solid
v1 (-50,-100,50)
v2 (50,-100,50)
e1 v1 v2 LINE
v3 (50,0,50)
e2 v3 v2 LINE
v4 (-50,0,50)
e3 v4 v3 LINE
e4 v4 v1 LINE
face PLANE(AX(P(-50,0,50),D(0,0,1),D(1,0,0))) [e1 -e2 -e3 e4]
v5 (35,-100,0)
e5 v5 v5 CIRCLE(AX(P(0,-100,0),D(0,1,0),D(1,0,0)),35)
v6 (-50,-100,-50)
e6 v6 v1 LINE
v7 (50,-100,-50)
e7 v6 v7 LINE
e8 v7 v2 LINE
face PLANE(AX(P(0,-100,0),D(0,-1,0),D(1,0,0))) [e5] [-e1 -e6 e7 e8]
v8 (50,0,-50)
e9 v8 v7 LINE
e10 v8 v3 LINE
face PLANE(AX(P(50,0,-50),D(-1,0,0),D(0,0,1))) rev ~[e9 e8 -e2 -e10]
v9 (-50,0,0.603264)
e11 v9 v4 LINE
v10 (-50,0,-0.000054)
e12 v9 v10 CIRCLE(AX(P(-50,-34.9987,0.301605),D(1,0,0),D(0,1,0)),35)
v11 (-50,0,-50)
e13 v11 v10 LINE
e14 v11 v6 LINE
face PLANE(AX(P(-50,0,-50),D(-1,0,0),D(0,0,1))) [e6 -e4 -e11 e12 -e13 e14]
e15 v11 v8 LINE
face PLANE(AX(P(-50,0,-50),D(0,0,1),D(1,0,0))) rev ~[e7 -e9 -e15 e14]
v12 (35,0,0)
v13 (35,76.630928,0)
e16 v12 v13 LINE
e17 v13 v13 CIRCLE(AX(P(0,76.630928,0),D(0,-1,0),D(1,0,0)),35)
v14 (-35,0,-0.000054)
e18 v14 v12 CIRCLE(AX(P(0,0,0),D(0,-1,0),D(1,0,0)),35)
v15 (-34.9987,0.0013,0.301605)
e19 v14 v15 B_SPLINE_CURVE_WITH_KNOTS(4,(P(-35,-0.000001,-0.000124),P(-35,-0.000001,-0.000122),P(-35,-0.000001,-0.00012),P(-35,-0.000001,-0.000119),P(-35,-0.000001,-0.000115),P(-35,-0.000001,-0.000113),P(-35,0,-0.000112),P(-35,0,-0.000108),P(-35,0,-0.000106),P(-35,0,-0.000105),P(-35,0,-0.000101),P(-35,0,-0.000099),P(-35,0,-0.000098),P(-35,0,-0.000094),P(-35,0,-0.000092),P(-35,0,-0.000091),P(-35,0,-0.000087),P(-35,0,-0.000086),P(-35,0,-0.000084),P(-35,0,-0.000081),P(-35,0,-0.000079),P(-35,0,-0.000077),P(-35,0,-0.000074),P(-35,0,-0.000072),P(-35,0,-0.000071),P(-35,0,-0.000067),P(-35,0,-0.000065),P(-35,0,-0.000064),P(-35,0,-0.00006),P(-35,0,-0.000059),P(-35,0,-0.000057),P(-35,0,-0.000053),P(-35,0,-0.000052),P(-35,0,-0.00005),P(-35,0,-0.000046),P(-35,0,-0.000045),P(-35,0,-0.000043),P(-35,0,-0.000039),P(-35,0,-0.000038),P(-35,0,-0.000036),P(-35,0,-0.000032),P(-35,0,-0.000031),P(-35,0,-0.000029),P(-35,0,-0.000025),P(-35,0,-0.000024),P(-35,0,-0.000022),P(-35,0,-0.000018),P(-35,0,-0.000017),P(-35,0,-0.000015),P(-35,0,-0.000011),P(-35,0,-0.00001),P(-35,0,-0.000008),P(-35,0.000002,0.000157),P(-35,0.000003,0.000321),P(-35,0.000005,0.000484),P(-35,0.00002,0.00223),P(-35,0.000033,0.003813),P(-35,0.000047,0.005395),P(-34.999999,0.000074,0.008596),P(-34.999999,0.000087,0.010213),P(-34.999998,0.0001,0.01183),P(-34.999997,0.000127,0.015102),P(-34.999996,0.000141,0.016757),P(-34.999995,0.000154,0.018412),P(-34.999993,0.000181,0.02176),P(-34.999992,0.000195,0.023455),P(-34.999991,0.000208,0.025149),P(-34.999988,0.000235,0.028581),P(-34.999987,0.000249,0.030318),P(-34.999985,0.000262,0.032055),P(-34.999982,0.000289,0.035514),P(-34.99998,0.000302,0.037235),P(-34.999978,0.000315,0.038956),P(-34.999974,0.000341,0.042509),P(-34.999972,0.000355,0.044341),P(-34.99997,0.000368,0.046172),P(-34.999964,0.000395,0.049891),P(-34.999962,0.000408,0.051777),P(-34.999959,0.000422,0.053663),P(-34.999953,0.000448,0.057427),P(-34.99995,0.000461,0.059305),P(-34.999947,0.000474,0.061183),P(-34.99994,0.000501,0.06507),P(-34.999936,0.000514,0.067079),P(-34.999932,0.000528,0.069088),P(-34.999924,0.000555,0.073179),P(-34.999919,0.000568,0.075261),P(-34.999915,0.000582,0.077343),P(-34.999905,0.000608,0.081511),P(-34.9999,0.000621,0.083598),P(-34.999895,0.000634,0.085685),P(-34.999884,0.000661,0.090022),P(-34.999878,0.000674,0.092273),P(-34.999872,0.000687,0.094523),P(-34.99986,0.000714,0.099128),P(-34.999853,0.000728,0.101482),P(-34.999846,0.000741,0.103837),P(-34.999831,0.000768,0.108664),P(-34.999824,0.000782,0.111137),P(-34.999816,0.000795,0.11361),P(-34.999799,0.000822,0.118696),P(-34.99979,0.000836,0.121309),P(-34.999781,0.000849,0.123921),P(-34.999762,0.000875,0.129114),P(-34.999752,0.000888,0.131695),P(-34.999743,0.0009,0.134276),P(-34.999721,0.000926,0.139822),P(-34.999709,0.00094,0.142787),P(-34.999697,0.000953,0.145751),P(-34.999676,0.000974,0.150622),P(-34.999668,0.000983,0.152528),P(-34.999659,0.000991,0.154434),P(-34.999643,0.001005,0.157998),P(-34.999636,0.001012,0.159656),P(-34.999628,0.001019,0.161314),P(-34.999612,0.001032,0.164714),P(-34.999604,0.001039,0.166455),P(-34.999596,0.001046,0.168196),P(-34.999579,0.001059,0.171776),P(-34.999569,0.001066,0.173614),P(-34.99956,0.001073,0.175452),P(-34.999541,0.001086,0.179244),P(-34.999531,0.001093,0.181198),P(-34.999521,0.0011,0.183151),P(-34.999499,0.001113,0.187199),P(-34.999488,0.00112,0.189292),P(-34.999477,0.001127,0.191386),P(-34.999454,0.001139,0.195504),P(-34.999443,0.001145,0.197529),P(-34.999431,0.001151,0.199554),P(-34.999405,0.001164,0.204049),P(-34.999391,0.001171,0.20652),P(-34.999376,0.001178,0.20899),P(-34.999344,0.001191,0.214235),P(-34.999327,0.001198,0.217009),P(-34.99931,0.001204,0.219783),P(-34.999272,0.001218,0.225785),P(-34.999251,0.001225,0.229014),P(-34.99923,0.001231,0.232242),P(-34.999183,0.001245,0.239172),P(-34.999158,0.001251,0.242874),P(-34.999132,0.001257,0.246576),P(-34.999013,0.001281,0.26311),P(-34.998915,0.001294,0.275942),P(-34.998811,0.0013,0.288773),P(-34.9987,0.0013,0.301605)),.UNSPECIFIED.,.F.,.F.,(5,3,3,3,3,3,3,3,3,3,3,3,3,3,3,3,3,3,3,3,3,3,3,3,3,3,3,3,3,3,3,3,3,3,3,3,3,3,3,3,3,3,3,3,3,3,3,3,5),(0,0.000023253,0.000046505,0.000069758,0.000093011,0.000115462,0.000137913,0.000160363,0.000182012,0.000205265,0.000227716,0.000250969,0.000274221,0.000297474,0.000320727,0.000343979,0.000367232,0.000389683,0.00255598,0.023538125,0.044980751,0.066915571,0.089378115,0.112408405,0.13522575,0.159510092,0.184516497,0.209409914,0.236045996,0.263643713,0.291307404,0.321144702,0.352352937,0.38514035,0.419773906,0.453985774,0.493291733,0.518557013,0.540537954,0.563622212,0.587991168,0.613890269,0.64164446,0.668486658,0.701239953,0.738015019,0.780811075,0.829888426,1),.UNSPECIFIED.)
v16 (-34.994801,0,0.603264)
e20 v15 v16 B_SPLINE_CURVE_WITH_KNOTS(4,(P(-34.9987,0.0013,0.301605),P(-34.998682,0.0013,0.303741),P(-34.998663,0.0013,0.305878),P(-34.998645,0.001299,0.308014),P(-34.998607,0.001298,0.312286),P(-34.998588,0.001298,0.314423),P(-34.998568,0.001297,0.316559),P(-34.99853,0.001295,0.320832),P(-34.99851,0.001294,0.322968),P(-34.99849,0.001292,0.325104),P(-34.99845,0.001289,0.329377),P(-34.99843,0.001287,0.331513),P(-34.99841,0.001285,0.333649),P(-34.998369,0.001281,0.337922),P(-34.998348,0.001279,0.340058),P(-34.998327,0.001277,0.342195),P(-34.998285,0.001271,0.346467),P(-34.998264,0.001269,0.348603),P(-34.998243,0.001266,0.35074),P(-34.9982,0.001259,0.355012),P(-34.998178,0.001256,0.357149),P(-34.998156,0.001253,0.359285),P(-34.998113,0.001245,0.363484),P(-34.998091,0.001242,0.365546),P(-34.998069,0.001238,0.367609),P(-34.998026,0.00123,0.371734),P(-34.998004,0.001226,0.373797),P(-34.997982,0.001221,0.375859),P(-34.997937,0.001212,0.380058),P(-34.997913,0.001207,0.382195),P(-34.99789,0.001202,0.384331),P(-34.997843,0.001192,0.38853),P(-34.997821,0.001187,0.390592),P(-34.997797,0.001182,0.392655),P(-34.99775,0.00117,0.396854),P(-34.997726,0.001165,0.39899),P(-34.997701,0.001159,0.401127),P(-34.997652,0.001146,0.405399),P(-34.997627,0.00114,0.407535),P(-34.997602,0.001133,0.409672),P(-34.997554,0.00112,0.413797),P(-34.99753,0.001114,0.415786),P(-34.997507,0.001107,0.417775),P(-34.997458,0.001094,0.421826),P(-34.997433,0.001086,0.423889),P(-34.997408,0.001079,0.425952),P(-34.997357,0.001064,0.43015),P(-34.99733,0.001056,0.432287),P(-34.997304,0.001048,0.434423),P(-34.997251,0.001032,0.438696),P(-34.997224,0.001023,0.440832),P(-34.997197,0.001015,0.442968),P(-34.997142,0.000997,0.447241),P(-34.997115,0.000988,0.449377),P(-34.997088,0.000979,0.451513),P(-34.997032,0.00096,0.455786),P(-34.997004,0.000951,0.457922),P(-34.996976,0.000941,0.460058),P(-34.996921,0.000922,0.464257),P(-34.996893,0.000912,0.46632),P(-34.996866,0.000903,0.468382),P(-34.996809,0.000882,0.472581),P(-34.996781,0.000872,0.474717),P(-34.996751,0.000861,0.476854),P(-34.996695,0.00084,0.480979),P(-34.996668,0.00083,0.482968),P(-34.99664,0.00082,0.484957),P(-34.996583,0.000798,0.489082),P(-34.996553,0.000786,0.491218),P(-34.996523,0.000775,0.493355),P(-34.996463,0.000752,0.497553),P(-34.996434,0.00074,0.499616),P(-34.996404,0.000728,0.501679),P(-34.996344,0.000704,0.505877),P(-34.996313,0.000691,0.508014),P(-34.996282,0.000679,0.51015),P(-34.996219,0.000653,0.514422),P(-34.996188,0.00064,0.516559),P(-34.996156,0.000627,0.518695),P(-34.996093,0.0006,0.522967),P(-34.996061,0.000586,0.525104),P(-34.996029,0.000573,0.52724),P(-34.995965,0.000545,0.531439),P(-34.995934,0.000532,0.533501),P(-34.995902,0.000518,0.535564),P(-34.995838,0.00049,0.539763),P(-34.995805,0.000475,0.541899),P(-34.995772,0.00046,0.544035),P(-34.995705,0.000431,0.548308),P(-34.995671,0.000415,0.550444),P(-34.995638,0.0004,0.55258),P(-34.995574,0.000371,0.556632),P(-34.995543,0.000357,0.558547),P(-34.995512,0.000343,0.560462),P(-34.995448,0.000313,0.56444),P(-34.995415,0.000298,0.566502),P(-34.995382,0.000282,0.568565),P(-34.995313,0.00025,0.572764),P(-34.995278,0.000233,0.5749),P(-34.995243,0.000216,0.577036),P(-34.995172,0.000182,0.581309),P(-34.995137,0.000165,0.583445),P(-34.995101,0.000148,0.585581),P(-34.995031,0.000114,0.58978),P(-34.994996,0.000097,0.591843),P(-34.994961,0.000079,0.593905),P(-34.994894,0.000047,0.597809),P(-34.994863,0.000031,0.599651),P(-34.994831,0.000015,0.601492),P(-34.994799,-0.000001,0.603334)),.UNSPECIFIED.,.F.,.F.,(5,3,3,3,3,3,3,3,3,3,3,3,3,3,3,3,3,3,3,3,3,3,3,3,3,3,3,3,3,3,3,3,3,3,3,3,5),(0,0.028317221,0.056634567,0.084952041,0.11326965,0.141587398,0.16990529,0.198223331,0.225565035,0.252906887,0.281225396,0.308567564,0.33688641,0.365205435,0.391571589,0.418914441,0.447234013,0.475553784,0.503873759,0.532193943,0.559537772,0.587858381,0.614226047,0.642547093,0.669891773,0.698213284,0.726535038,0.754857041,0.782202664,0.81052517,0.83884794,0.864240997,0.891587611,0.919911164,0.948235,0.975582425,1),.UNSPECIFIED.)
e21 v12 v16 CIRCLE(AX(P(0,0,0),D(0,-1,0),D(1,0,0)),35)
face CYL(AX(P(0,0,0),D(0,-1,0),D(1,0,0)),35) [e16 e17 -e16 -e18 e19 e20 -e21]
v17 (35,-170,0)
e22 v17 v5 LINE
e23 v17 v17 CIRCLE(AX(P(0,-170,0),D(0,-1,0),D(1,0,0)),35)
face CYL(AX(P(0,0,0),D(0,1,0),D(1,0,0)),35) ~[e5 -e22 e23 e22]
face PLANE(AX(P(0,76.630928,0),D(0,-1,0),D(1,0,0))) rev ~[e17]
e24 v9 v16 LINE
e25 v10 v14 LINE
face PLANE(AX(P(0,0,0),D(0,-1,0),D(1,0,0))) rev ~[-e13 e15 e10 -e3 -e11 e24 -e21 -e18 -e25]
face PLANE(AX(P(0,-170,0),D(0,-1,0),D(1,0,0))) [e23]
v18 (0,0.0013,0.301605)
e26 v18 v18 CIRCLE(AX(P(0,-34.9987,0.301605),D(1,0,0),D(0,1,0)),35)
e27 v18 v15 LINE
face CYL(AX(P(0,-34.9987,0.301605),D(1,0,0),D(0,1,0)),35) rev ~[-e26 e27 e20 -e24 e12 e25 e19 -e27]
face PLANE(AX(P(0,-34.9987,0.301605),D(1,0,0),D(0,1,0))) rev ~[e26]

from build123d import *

# Parameters (mm, degrees)
F0_W          = 100
F0_H          = 100
F1_DEPTH      = 100
F2_R          = 35
F3_DEPTH      = 170
F4_R          = 35
F5_DEPTH      = 161.955625
F5_DEPTH_BACK = 76.630928
F6_R          = 35
F7_DEPTH      = 1320.8


with BuildPart() as f1:
    # F0 (on Front) → F1 (new body)
    with BuildSketch(Plane.XZ):
        Rectangle(F0_W, F0_H)
    extrude(amount=F1_DEPTH)

    # F2 (on Front) → F3 (join)
    with BuildSketch(Plane.XZ):
        Circle(F2_R)
    extrude(amount=F3_DEPTH)

    # F4 (on Front) → F5 (join, two sides)
    with BuildSketch(Plane.XZ) as f5_sk:
        Circle(F4_R)
    extrude(amount=F5_DEPTH)
    extrude(f5_sk.sketch, amount=-F5_DEPTH_BACK)

    # F6 (on Right) → F7 (cut)
    with BuildSketch(Plane.YZ):
        with Locations((-34.9987, 0.301605)):
            Circle(F6_R)
    extrude(amount=-F7_DEPTH, mode=Mode.SUBTRACT)


solid = f1.part
